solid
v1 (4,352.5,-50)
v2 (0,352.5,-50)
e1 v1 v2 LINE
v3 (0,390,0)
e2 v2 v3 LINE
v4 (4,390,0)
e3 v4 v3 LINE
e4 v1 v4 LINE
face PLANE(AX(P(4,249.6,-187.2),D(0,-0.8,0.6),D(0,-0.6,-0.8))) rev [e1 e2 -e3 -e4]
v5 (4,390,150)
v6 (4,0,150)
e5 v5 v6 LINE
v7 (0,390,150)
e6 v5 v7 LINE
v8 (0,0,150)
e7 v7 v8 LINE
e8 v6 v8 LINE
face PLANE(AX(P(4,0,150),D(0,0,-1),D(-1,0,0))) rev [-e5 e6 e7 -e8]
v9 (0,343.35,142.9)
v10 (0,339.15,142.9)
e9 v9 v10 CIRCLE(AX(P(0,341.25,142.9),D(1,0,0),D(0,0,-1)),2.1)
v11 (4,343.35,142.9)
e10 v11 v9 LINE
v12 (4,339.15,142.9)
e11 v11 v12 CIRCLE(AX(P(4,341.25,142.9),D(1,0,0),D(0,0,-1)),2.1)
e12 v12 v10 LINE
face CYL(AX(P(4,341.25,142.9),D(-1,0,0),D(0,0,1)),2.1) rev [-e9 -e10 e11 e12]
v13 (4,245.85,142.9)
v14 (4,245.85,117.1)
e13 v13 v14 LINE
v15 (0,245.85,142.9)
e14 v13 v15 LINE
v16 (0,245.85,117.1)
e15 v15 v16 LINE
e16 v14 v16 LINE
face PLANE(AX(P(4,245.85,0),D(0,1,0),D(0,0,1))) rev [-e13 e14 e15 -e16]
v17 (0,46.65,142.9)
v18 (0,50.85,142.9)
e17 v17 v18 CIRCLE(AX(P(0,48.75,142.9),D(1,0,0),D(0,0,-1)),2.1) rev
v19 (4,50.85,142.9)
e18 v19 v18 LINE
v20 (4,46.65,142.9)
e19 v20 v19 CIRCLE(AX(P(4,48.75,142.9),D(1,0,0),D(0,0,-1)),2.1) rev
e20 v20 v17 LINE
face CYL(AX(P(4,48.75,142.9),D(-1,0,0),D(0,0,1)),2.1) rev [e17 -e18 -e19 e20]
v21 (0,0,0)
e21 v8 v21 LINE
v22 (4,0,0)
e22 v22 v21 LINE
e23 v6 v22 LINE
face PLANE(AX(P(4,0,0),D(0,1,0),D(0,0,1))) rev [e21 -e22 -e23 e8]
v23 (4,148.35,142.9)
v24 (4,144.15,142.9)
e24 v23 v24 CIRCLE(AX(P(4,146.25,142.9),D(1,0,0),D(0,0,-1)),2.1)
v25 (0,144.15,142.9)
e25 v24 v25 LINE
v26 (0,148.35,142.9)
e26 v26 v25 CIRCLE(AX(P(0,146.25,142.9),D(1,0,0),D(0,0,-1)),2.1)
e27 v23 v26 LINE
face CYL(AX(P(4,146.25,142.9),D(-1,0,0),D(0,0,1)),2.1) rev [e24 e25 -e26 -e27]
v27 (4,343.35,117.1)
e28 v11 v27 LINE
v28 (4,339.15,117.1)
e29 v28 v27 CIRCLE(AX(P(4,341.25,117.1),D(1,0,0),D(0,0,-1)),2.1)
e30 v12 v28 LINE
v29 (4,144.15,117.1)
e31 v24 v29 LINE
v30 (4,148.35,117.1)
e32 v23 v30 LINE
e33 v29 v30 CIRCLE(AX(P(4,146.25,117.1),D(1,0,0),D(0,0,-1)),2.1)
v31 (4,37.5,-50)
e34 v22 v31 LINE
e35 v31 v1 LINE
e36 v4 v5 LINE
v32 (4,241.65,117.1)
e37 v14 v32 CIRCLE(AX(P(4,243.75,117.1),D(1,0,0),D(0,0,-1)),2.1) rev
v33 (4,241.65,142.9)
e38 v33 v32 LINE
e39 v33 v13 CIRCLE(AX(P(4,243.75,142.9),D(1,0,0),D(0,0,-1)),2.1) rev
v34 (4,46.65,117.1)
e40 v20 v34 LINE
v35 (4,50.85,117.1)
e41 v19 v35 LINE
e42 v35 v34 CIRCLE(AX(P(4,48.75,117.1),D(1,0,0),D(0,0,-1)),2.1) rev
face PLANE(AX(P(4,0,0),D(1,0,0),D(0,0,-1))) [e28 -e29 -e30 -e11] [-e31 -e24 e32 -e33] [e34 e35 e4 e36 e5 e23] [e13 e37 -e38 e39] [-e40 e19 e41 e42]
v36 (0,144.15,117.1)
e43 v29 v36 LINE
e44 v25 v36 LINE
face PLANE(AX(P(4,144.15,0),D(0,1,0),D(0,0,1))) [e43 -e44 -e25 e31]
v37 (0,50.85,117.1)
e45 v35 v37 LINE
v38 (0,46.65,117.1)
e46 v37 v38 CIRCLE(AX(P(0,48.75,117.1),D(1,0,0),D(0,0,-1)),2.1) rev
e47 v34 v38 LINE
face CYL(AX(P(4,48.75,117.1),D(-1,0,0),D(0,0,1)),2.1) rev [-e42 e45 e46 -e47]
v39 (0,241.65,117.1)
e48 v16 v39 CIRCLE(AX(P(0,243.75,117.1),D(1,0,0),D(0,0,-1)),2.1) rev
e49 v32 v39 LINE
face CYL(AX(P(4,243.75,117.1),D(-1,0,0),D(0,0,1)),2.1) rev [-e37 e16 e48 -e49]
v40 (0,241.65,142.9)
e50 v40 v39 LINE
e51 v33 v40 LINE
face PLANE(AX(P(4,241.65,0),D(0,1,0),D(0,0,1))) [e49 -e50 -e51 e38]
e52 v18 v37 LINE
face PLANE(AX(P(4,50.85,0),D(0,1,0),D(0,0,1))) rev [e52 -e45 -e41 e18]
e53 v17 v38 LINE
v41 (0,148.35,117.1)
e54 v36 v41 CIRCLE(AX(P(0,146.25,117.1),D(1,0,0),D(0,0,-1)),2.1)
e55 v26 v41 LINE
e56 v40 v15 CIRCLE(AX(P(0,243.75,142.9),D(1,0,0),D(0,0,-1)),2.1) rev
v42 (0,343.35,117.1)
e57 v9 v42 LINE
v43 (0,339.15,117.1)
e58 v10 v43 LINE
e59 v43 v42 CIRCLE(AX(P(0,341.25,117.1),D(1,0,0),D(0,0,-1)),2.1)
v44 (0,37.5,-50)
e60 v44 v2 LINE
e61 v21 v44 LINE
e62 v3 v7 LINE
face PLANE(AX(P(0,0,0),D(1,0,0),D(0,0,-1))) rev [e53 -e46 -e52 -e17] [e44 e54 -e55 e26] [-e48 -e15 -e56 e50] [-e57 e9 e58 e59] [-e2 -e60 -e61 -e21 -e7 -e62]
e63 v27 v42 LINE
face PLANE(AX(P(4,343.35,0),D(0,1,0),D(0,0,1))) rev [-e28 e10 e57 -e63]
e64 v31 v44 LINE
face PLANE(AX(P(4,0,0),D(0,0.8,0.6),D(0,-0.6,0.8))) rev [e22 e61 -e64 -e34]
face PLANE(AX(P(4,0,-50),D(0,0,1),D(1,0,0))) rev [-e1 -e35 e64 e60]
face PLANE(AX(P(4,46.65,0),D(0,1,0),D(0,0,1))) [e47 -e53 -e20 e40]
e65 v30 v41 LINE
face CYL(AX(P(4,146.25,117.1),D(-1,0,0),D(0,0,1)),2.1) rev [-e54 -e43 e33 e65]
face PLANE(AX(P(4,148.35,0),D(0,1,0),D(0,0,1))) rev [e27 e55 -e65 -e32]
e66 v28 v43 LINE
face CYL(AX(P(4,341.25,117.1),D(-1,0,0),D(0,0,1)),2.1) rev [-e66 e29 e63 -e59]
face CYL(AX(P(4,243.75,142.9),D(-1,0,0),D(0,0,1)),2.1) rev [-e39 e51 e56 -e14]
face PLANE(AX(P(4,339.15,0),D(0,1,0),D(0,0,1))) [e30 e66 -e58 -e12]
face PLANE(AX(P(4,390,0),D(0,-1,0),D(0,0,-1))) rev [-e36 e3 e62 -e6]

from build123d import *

# Parameters (mm, degrees)
BOSS_EXTRUDE1_DEPTH = 4


with BuildPart() as part:
    # Sketch1 → Boss-Extrude1 (new body)
    with BuildSketch(Plane.YZ):
        Polygon((37.5, -50), (352.5, -50), (390, 0), (390, 150), (0, 150), (0, 0), align=None)
        with BuildLine():
            ThreePointArc((339.15, 117.1), (341.25, 115), (343.35, 117.1))
            Line((343.35, 117.1), (343.35, 142.9))
            ThreePointArc((343.35, 142.9), (341.25, 145), (339.15, 142.9))
            Line((339.15, 142.9), (339.15, 117.1))
        make_face(mode=Mode.SUBTRACT)
        with BuildLine():
            ThreePointArc((144.15, 117.1), (146.25, 115), (148.35, 117.1))
            Line((148.35, 117.1), (148.35, 142.9))
            ThreePointArc((148.35, 142.9), (146.25, 145), (144.15, 142.9))
            Line((144.15, 142.9), (144.15, 117.1))
        make_face(mode=Mode.SUBTRACT)
        with BuildLine():
            Line((50.85, 142.9), (50.85, 117.1))
            ThreePointArc((50.85, 117.1), (48.75, 115), (46.65, 117.1))
            Line((46.65, 117.1), (46.65, 142.9))
            ThreePointArc((46.65, 142.9), (48.75, 145), (50.85, 142.9))
        make_face(mode=Mode.SUBTRACT)
        with BuildLine():
            Line((245.85, 142.9), (245.85, 117.1))
            ThreePointArc((245.85, 117.1), (243.75, 115), (241.65, 117.1))
            Line((241.65, 117.1), (241.65, 142.9))
            ThreePointArc((241.65, 142.9), (243.75, 145), (245.85, 142.9))
        make_face(mode=Mode.SUBTRACT)
    extrude(amount=BOSS_EXTRUDE1_DEPTH)


solid = part.part
